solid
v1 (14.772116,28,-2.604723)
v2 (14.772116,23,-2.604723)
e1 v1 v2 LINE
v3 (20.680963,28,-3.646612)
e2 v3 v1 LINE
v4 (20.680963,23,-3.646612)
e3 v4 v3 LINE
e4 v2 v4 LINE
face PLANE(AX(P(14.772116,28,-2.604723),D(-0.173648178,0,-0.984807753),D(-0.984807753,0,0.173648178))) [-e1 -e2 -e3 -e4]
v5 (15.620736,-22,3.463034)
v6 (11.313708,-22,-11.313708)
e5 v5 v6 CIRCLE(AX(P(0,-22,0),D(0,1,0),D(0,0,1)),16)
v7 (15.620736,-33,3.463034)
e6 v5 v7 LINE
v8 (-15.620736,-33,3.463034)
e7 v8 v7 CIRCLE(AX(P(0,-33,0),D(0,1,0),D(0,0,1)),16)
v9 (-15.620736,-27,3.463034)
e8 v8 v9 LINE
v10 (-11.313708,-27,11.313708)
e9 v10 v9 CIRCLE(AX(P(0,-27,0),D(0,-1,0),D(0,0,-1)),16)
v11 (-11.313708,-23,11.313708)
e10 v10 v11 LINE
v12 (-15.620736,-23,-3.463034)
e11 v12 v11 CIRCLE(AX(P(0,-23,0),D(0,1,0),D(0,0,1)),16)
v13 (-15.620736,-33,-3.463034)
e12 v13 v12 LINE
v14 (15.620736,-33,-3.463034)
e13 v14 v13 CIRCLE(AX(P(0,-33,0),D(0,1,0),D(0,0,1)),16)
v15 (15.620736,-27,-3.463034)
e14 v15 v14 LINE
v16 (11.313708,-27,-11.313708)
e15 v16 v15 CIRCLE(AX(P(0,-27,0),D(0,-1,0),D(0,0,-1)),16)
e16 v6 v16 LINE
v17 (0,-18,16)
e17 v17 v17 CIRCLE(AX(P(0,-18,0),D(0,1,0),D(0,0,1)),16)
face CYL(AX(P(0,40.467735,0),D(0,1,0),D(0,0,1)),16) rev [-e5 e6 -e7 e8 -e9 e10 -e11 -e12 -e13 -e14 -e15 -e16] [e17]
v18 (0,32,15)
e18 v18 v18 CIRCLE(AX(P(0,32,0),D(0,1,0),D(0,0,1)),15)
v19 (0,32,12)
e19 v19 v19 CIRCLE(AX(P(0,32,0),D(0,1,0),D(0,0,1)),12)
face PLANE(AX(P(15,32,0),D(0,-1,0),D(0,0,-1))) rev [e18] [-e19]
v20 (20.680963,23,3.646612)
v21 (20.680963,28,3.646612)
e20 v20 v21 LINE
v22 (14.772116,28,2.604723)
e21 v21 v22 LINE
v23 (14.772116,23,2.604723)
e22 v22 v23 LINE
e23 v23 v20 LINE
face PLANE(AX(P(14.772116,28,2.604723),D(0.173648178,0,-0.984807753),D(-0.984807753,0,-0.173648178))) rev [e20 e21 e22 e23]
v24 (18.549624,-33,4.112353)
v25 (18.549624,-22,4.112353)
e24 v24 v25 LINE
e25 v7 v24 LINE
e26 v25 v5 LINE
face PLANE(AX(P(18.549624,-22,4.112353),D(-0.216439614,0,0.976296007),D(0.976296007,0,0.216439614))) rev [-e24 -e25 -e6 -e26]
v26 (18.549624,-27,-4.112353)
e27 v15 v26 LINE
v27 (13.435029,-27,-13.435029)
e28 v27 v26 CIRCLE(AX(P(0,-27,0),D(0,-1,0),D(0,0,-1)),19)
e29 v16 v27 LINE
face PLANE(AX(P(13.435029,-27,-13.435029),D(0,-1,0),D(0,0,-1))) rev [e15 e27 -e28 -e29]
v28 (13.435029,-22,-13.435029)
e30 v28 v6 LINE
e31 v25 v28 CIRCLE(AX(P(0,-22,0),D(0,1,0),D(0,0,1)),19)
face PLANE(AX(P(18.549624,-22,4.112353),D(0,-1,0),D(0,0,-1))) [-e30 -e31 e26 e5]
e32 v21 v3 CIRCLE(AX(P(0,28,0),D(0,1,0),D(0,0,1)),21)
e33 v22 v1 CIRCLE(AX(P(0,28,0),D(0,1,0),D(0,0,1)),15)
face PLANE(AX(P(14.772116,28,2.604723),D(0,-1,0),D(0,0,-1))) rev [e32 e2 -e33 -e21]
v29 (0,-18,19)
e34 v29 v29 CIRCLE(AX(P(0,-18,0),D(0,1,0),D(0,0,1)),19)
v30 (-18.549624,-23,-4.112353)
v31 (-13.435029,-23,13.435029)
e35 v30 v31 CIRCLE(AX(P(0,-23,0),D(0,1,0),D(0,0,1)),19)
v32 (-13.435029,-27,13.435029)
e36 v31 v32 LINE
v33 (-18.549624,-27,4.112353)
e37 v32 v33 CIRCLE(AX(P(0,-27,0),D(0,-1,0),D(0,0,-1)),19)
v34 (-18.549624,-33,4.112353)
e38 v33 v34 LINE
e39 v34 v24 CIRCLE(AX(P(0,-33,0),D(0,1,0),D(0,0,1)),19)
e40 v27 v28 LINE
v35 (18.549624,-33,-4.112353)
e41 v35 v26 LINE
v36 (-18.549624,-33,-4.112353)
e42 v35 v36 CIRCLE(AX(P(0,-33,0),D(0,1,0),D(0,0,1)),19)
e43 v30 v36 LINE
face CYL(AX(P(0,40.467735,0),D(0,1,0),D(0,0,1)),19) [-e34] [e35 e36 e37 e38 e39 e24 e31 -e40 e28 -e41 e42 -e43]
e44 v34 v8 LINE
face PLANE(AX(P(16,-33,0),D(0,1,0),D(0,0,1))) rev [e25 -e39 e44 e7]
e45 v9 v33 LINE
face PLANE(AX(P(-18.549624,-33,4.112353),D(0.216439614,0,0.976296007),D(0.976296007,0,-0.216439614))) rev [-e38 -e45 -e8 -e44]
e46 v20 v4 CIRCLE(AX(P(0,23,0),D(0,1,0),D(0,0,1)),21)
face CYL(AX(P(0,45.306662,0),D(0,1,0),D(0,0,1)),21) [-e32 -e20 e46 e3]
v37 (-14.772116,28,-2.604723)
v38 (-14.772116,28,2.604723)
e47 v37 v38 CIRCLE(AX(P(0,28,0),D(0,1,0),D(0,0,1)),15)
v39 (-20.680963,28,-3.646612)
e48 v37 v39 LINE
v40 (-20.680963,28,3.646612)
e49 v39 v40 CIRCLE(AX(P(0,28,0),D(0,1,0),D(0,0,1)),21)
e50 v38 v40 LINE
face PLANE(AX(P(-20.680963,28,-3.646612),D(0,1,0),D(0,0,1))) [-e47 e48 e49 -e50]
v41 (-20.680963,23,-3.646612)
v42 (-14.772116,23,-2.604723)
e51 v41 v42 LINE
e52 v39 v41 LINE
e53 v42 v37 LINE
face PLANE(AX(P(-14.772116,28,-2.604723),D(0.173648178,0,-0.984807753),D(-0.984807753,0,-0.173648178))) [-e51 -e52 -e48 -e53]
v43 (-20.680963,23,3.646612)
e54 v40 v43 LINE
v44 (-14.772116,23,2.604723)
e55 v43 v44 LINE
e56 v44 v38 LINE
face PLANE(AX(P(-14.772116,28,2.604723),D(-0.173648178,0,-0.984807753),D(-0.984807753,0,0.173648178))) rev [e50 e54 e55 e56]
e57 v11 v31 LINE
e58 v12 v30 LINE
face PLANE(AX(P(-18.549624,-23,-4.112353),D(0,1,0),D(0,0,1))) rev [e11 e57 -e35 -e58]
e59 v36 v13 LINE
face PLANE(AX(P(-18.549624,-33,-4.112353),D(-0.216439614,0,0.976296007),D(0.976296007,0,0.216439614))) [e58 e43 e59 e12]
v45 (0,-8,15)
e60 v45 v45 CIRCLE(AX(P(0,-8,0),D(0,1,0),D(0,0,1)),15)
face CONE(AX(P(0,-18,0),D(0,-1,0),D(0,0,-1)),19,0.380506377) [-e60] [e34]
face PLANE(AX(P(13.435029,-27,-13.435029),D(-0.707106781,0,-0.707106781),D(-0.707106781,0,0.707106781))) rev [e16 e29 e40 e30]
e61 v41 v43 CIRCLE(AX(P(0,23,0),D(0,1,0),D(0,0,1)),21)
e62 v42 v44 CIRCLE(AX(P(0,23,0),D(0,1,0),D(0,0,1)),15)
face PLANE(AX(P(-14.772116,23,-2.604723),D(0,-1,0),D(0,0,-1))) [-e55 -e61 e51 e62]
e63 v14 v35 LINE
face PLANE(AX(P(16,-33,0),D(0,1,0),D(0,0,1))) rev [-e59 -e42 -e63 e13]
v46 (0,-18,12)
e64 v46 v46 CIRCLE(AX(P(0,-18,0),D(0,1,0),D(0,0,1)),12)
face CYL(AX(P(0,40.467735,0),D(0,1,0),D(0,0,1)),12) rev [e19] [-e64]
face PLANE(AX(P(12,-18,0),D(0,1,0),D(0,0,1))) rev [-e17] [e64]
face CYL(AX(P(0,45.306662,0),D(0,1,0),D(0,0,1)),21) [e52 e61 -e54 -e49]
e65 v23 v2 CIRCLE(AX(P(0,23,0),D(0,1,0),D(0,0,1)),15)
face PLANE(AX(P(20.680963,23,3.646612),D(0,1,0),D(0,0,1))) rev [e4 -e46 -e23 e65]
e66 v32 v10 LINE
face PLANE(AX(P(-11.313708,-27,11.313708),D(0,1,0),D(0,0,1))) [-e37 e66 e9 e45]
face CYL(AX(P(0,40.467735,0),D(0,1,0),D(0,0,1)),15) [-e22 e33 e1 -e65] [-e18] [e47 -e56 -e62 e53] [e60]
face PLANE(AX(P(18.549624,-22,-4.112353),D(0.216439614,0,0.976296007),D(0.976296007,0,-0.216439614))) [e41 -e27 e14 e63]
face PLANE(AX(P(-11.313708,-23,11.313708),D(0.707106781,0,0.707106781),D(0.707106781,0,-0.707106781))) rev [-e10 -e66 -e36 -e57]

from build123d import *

# Parameters (mm, degrees)
SKETCH2_W          = 6
SKETCH2_H          = 5
REVOLVE2_ANGLE     = 20
SKETCH3_W          = 3
SKETCH3_H          = 10
SKETCH3_H_2        = 11
CUT_REVOLVE1_ANGLE = 25
SKETCH4_W          = 3
SKETCH4_H          = 5
SKETCH4_H_2        = 4
CUT_REVOLVE2_ANGLE = 45


with BuildPart() as part:
    # Sketch1 → Revolve1 (revolve)
    with BuildSketch(Plane.XY, mode=Mode.PRIVATE) as revolve1_sk:
        Polygon((12, 32), (12, -18), (16, -18), (16, -33), (19, -33), (19, -18), (15, -8), (15, 32), align=None)
    revolve(revolve1_sk.sketch.rotate(Axis((0, 40.467735012, 0), (0, -1, 0)), 90), axis=Axis((0, 40.467735012, 0), (0, -1, 0)))

    # Sketch2 → Revolve2 (revolve, symmetric)
    with BuildSketch(Plane.XY) as revolve2_sk:
        with Locations((18, 25.5)):
            Rectangle(SKETCH2_W, SKETCH2_H)
        with Locations((-18, 25.5)):
            Rectangle(SKETCH2_W, SKETCH2_H)
    revolve(axis=Axis((0, 45.306661743, 0), (0, -1, 0)), revolution_arc=REVOLVE2_ANGLE / 2)
    revolve(revolve2_sk.sketch, axis=Axis((0, 45.306661743, 0), (0, 1, 0)), revolution_arc=REVOLVE2_ANGLE / 2)

    # Sketch3 → Cut-Revolve1 (revolve, symmetric, cut)
    with BuildSketch(Plane.XY) as cut_revolve1_sk:
        with Locations((-17.5, -28)):
            Rectangle(SKETCH3_W, SKETCH3_H)
        with Locations((17.5, -27.5)):
            Rectangle(SKETCH3_W, SKETCH3_H_2)
    revolve(axis=Axis((0, -11.020729768, 0), (0, -1, 0)), revolution_arc=CUT_REVOLVE1_ANGLE / 2, mode=Mode.SUBTRACT)
    revolve(cut_revolve1_sk.sketch, axis=Axis((0, -11.020729768, 0), (0, 1, 0)), revolution_arc=CUT_REVOLVE1_ANGLE / 2, mode=Mode.SUBTRACT)

    # Sketch4 → Cut-Revolve2 (revolve, cut)
    with BuildSketch(Plane.XY):
        with Locations((17.5, -24.5)):
            Rectangle(SKETCH4_W, SKETCH4_H)
        with Locations((-17.5, -25)):
            Rectangle(SKETCH4_W, SKETCH4_H_2)
    revolve(axis=Axis((0, -42.004114959, 0), (0, 1, 0)), revolution_arc=CUT_REVOLVE2_ANGLE, mode=Mode.SUBTRACT)


solid = part.part
